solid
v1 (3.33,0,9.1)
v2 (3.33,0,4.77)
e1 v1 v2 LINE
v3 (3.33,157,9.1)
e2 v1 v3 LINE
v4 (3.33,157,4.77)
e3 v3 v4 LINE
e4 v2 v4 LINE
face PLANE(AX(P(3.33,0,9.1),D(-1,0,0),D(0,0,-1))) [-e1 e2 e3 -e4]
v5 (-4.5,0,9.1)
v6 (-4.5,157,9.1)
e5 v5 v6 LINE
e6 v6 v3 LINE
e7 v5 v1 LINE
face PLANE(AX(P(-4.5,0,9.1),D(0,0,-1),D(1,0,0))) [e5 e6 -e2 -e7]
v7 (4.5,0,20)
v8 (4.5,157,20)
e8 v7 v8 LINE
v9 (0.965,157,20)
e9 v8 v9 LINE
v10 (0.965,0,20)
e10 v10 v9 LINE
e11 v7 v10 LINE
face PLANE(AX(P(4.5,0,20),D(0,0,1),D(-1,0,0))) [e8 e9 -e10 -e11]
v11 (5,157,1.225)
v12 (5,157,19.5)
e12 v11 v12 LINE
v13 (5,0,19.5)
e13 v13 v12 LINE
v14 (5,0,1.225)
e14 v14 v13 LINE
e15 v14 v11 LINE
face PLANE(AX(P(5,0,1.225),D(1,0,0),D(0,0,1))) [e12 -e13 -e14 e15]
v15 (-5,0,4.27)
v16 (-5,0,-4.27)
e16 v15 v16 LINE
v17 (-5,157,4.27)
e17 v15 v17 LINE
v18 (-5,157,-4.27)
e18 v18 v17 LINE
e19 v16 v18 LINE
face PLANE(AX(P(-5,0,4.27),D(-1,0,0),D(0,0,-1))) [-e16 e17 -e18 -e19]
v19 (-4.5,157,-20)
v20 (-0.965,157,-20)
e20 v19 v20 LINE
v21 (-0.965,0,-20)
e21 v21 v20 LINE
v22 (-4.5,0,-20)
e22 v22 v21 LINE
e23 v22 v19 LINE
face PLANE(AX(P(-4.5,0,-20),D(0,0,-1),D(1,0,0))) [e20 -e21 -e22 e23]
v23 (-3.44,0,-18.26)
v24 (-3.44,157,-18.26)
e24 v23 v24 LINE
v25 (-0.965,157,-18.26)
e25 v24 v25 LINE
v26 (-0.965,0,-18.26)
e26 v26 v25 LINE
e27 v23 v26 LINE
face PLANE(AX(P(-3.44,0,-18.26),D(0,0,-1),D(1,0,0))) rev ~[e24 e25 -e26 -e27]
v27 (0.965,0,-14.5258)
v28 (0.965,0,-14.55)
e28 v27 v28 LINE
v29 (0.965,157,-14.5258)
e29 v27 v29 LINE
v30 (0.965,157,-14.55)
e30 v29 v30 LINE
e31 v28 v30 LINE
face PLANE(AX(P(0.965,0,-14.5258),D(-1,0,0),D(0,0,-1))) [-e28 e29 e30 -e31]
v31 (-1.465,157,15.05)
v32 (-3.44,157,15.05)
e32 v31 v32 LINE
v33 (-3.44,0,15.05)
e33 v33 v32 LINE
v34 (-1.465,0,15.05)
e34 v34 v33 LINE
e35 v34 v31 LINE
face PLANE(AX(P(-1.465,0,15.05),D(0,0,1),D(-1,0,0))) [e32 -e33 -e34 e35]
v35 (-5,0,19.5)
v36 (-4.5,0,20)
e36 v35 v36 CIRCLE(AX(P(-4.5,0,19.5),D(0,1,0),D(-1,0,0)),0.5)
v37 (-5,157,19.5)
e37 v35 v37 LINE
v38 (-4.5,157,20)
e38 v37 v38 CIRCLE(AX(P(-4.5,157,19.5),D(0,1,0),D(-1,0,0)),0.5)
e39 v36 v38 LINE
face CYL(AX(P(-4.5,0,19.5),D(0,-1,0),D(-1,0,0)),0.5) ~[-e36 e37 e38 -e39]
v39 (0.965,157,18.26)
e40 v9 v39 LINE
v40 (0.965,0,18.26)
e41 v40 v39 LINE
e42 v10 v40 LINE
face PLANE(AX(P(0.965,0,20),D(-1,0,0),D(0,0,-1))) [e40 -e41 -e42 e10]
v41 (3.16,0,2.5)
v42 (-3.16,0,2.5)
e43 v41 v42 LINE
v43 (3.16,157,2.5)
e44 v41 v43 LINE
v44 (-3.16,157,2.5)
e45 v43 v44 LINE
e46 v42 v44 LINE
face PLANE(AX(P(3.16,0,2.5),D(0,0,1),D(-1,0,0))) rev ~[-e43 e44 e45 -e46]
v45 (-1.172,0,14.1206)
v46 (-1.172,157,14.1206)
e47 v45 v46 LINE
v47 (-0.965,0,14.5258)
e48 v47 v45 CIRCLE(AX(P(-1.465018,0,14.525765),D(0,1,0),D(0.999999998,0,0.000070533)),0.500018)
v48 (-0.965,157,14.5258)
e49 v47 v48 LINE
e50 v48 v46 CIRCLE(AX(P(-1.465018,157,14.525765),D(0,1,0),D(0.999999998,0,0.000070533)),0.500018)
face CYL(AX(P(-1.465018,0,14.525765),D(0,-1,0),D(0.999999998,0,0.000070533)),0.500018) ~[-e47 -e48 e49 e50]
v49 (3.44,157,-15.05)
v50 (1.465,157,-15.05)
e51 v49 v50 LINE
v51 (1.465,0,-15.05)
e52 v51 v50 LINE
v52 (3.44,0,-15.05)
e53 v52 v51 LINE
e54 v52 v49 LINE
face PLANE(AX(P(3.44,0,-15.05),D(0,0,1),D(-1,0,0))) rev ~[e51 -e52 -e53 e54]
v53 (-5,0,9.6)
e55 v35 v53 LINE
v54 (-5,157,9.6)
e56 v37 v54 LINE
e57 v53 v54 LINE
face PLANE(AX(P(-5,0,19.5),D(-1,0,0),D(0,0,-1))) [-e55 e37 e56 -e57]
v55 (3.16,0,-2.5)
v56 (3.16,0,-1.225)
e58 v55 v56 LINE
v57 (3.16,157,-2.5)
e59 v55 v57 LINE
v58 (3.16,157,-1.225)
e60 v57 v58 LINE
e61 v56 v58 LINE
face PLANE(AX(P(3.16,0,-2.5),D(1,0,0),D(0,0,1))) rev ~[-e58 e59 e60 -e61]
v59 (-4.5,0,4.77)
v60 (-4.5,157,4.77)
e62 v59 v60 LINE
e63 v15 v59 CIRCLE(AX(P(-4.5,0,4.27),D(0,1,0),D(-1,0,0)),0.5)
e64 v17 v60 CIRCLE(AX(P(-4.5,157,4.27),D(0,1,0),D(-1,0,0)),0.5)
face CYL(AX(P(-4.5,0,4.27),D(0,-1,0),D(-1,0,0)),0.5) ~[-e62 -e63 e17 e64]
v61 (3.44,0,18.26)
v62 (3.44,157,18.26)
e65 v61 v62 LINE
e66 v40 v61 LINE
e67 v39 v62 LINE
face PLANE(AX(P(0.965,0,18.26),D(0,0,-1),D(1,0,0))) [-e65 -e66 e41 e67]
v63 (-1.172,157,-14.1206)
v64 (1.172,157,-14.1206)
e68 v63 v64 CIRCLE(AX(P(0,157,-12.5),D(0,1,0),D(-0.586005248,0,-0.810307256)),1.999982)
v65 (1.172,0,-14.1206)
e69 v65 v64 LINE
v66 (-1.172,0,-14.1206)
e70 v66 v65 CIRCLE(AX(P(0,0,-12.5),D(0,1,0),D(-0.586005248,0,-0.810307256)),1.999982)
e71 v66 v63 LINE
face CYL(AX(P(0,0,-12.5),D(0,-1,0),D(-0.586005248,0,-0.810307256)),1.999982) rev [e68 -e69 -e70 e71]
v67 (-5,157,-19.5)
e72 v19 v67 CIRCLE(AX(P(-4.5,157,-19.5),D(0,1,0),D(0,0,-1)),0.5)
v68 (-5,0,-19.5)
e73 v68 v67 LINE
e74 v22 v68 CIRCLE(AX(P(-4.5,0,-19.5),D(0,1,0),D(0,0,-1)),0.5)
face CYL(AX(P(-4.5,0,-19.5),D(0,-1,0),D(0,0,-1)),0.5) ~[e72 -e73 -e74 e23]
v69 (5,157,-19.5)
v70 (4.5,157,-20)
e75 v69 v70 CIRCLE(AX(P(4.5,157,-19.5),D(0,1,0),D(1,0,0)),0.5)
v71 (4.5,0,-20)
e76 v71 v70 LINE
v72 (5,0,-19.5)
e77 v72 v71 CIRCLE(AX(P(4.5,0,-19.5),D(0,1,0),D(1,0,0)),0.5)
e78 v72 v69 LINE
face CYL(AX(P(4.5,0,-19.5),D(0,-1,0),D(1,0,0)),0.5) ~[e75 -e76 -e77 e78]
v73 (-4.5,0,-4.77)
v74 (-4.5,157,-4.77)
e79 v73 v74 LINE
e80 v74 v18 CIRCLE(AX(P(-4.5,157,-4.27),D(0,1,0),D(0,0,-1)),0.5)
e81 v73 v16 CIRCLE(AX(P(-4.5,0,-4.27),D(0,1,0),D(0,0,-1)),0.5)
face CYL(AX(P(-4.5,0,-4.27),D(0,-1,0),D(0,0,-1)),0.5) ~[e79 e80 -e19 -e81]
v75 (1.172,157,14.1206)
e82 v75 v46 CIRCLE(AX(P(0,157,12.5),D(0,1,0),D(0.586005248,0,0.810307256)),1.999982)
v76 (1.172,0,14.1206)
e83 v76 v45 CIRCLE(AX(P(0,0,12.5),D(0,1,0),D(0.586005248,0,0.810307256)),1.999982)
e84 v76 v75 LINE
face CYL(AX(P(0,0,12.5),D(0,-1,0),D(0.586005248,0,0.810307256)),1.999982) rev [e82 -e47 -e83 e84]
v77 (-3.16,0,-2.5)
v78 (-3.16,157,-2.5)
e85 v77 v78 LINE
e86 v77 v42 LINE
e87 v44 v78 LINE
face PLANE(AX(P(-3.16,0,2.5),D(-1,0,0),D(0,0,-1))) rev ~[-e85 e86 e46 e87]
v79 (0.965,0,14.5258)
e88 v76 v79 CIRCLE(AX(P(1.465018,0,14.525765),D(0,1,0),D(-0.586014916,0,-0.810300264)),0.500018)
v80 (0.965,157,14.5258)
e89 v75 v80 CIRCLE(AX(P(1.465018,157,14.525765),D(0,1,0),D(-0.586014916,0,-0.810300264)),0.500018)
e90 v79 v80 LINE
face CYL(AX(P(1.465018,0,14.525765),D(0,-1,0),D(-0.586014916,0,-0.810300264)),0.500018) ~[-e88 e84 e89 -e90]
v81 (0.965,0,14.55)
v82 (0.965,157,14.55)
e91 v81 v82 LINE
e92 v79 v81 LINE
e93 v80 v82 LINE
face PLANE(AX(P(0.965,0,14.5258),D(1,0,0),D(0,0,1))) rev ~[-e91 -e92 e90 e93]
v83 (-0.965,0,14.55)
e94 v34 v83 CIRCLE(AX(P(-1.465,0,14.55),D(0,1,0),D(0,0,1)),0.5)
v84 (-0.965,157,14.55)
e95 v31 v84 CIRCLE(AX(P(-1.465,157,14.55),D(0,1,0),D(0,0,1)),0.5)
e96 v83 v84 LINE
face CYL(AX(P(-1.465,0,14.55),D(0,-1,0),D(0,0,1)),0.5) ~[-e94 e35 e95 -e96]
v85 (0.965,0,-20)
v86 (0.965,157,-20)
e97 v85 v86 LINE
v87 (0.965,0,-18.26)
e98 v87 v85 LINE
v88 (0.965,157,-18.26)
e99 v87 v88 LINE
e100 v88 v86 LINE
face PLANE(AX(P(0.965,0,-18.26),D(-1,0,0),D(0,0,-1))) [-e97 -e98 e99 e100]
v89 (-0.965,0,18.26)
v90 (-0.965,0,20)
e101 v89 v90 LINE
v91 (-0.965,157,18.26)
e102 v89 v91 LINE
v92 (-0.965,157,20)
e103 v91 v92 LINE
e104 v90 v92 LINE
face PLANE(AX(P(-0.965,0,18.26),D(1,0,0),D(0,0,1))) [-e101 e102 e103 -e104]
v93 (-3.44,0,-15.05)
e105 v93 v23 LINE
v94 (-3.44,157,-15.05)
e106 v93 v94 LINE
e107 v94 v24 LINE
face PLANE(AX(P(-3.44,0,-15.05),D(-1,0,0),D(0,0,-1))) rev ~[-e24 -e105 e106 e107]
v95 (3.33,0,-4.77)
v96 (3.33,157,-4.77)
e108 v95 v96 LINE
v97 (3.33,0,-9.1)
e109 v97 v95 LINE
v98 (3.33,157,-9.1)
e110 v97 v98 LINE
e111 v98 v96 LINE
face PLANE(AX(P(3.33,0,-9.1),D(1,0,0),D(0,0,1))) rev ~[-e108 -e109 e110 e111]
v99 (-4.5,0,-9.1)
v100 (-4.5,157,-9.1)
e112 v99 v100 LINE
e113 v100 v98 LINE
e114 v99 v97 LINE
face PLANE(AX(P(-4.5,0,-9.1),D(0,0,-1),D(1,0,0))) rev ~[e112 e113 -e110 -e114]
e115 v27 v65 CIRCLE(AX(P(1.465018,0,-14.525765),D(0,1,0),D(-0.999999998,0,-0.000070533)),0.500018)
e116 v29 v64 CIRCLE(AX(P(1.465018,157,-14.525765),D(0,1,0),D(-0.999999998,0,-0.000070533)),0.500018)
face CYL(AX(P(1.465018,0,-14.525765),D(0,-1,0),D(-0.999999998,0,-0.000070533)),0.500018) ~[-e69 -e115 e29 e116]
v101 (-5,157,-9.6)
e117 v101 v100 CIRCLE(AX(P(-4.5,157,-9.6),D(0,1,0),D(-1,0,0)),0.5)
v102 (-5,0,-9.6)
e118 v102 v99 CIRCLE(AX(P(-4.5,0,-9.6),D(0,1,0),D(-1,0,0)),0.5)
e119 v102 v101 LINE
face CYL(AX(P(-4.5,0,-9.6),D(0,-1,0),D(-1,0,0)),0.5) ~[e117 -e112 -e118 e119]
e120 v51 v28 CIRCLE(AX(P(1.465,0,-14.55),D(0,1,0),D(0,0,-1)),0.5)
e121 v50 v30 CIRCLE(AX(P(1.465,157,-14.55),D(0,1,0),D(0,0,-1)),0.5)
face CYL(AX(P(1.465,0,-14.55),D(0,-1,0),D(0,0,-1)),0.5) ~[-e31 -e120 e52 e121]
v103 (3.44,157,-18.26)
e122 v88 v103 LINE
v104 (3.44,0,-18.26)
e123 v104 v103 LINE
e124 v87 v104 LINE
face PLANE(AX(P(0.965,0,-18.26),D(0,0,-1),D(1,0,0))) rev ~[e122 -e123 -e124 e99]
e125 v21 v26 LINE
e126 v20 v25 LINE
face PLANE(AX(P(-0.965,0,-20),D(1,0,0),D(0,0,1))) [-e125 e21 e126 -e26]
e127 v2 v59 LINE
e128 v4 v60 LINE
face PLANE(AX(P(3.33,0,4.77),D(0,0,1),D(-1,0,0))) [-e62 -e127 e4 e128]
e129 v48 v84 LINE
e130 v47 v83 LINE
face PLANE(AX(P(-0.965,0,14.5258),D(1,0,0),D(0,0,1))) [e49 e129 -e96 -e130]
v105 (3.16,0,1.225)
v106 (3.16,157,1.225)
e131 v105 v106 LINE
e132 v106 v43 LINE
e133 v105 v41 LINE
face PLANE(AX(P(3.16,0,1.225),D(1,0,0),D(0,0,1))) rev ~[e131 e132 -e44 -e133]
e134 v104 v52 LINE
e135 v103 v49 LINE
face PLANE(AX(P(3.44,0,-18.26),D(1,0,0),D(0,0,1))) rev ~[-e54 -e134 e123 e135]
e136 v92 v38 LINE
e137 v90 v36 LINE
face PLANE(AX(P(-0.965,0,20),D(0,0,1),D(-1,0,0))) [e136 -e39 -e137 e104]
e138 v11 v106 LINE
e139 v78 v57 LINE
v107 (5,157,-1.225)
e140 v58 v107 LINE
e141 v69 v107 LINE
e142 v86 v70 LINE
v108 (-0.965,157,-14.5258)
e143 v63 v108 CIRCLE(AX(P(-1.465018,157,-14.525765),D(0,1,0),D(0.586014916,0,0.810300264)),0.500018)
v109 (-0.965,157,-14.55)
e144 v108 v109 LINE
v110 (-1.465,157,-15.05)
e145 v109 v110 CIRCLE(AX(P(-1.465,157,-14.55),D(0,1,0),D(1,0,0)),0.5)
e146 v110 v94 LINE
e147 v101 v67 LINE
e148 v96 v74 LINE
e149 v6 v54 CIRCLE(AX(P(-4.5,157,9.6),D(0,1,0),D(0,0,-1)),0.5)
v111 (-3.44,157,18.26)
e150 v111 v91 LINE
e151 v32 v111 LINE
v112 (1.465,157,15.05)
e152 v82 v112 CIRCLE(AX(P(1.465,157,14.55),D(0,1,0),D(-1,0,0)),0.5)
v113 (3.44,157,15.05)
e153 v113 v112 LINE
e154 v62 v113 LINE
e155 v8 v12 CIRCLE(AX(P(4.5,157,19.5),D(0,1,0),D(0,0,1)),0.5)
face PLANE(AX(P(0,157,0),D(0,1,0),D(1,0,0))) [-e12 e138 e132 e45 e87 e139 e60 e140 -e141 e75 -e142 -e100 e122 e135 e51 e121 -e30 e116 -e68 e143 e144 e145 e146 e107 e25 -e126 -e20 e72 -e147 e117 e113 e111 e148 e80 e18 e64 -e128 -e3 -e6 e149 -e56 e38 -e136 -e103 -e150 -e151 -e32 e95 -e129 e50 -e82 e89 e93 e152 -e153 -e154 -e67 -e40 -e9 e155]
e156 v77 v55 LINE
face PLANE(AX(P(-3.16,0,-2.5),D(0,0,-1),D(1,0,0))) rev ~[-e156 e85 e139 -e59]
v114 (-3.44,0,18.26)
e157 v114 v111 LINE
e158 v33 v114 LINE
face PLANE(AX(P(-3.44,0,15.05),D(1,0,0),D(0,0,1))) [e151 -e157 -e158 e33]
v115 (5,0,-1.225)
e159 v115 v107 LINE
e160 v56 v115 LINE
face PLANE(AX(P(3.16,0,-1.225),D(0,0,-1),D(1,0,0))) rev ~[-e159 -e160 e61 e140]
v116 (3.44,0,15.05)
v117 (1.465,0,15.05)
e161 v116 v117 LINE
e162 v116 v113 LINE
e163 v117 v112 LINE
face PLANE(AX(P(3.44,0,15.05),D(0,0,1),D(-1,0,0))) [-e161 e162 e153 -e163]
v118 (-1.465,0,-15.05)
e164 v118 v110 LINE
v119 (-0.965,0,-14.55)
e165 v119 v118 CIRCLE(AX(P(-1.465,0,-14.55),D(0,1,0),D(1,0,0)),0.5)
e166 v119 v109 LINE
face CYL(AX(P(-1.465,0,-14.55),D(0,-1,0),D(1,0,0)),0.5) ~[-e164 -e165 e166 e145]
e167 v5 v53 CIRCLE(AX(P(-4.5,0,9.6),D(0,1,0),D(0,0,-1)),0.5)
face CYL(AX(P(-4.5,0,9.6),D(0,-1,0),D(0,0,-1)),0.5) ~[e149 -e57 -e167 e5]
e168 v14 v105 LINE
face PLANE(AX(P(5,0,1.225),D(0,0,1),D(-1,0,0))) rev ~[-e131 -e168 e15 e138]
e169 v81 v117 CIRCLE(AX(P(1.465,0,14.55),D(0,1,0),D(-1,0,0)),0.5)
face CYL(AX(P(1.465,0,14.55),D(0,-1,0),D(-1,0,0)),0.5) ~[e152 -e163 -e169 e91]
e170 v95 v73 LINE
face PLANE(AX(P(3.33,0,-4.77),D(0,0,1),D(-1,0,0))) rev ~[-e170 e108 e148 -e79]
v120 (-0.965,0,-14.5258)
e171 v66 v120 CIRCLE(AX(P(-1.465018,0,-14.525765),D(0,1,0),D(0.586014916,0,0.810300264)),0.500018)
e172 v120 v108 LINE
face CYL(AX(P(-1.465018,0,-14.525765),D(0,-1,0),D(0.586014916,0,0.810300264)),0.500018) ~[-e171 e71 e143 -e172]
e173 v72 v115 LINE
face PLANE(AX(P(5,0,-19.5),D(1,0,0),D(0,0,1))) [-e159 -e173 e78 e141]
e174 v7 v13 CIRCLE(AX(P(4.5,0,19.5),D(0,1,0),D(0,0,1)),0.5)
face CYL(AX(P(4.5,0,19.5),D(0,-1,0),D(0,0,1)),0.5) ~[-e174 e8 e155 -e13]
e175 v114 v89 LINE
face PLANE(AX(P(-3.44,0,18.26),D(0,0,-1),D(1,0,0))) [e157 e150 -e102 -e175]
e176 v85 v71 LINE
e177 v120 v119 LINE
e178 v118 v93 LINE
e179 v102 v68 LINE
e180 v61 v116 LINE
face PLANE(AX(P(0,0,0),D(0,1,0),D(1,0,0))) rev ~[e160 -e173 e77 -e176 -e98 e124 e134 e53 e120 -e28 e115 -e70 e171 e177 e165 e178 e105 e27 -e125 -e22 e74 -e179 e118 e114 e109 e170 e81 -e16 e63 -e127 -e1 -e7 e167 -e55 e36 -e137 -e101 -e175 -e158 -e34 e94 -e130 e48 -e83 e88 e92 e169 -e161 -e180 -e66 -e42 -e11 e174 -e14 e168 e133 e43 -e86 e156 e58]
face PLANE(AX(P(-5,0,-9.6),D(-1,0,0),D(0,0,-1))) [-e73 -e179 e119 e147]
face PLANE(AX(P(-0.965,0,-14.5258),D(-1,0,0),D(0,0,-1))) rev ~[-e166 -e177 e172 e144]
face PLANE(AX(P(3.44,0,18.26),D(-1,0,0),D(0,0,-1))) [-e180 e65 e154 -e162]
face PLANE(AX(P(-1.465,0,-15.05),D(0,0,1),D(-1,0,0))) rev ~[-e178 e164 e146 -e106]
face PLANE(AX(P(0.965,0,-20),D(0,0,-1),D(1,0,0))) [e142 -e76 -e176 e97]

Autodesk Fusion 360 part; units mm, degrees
sketch "Sketch1" plane through (0, 0, 0) normal (0, 1, 0) x (1, 0, 0)
  line L0 (5, -20) -> (-5, 20) construction
  line L1 (-5, -20) -> (5, 20) construction
  line L2 (-0.965, -18.26) -> (-0.965, -20)
  line L3 (0.965, -20) -> (0.965, -18.26)
  line L4 (0.965, -18.26) -> (0, -20) construction
  line L5 (-0.965, -18.26) -> (0, -20) construction
  line L6 (-5, -18.26) -> (-3.44, -18.26) construction
  line L7 (-0.965, -20) -> (-0.965, -18.26)
  line L8 (0.965, -18.26) -> (0.965, -20)
  line L9 (4.5, -20) -> (0.965, -20)
  line L10 (-0.965, -20) -> (-4.5, -20)
  line L11 (-7.5, 0) -> (8.5, 0)
  line L12 (0, -25) -> (0, 24) construction
  line L13 (5, -18.26) -> (3.44, -18.26) construction
  line L14 (3.44, -18.26) -> (3.44, -15.05)
  line L15 (-3.44, -15.05) -> (-3.44, -18.26)
  line L16 (-3.44, -18.26) -> (-0.965, -18.26)
  line L17 (0.965, -18.26) -> (3.44, -18.26)
  line L18 (-0.965, -18.26) -> (-0.965, -14.5258) construction
  line L19 (0.965, -18.26) -> (0.965, -14.2518) construction
  arc A0 (1.172, -14.1206) -> (-1.172, -14.1206) centre (0, -12.5) ccw
  line L20 (3.44, -15.05) -> (1.465, -15.05)
  line L21 (-1.465, -15.05) -> (-3.44, -15.05)
  line L22 (-0.965, -14.2518) -> (-0.965, -14.55)
  line L23 (0.965, -14.5258) -> (0.965, -14.55)
  arc A1 (-1.465, -15.05) -> (-0.965, -14.55) centre (-1.465, -14.55) ccw
  arc A2 (-0.965, -14.5258) -> (-1.172, -14.1206) centre (-1.465, -14.5258) ccw
  arc A3 (0.965, -14.55) -> (1.465, -15.05) centre (1.465, -14.55) ccw
  arc A4 (1.172, -14.1206) -> (0.965, -14.5258) centre (1.465, -14.5258) ccw
  line L24 (-0.965, 18.26) -> (-0.965, 14.5258) construction
  line L25 (-1.465, 15.05) -> (-3.44, 15.05)
  line L26 (3.44, 18.26) -> (3.44, 15.05)
  arc A5 (1.465, 15.05) -> (0.965, 14.55) centre (1.465, 14.55) ccw
  line L27 (0.965, 18.26) -> (0, 20) construction
  arc A6 (-1.172, 14.1206) -> (1.172, 14.1206) centre (0, 12.5) ccw
  line L28 (-5, 18.26) -> (-3.44, 18.26) construction
  line L29 (3.44, 15.05) -> (1.465, 15.05)
  line L30 (-0.965, 20) -> (-0.965, 18.26)
  arc A7 (0.965, 14.5258) -> (1.172, 14.1206) centre (1.465, 14.5258) ccw
  line L31 (0.965, 14.5258) -> (0.965, 14.55)
  line L32 (-5, 20) -> (5, -20) construction
  line L33 (0.965, 18.26) -> (3.44, 18.26)
  arc A8 (-0.965, 14.55) -> (-1.465, 15.05) centre (-1.465, 14.55) ccw
  line L34 (-0.965, 14.2518) -> (-0.965, 14.55)
  line L35 (5, 18.26) -> (3.44, 18.26) construction
  line L36 (5, 20) -> (-5, -20) construction
  line L37 (0.965, 18.26) -> (0.965, 20)
  line L38 (-3.44, 15.05) -> (-3.44, 18.26)
  line L39 (0.965, 20) -> (0.965, 18.26)
  line L40 (-3.44, 18.26) -> (-0.965, 18.26)
  line L41 (-0.965, 18.26) -> (-0.965, 20)
  line L42 (0.965, 18.26) -> (0.965, 14.2518) construction
  arc A9 (-1.172, 14.1206) -> (-0.965, 14.5258) centre (-1.465, 14.5258) ccw
  line L43 (-0.965, 18.26) -> (0, 20) construction
  line L44 (0, 25) -> (0, -24) construction
  line L45 (-4.5, 20) -> (-0.965, 20)
  line L46 (0.965, 20) -> (4.5, 20)
  line L47 (-5, -20) -> (-5, -9.6) construction
  line L48 (-4.5, -9.1) -> (3.33, -9.1)
  line L49 (3.33, -9.1) -> (3.33, -4.77)
  line L50 (3.33, -4.77) -> (-4.5, -4.77)
  line L51 (-4.5, 9.1) -> (3.33, 9.1)
  line L52 (3.33, 9.1) -> (3.33, 4.77)
  line L53 (3.33, 4.77) -> (-4.5, 4.77)
  line L54 (-5, 9.6) -> (-5, 19.5)
  line L55 (-5, -19.5) -> (-5, -9.1)
  line L56 (-5, -4.27) -> (-5, 4.27)
  line L57 (3.16, -2.5) -> (-3.16, -2.5)
  line L58 (-3.16, -2.5) -> (-3.16, 2.5)
  line L59 (-3.16, 2.5) -> (3.16, 2.5)
  line L60 (3.16, -2.5) -> (-3.16, 2.5) construction
  line L61 (-3.16, -2.5) -> (3.16, 2.5) construction
  line L62 (3.16, 1.225) -> (5, 1.225)
  line L63 (5.66, -1.225) -> (0.66, 1.225) construction
  line L64 (0.66, -1.225) -> (5.66, 1.225) construction
  line L65 (5, 19.5) -> (5, 1.225)
  line L66 (5, -1.225) -> (5, -19.5)
  line L67 (3.16, 2.5) -> (3.16, 1.225)
  line L68 (3.16, -1.225) -> (3.16, -2.5)
  line L69 (5, -1.225) -> (3.16, -1.225)
  arc A10 (4.5, -20) -> (5, -19.5) centre (4.5, -19.5) ccw
  arc A11 (-5, -19.5) -> (-4.5, -20) centre (-4.5, -19.5) ccw
  arc A12 (-4.5, -9.1) -> (-5, -9.6) centre (-4.5, -9.6) ccw
  arc A13 (-5, -4.27) -> (-4.5, -4.77) centre (-4.5, -4.27) ccw
  arc A14 (-4.5, 4.77) -> (-5, 4.27) centre (-4.5, 4.27) ccw
  arc A15 (-5, 9.6) -> (-4.5, 9.1) centre (-4.5, 9.6) ccw
  arc A16 (-4.5, 20) -> (-5, 19.5) centre (-4.5, 19.5) ccw
  arc A17 (5, 19.5) -> (4.5, 20) centre (4.5, 19.5) ccw
  point P0 (-5, -4.77)
  dimension "d1" = 10
  dimension "d2" = 40
  dimension "d5" = 1.56
  dimension "d6" = 1.56
  dimension "d7" = 3.21
  dimension "d9" = 4
  dimension "d10" = 0.5
  dimension "d11" = 0.5
  dimension "d12" = 10.9
  dimension "d13" = 8.33
  dimension "d14" = 4.33
  dimension "d15" = 6.32
  dimension "d16" = 5
  dimension "d17" = 2.45
  dimension "d18" = 0.5
extrude "Extrude1" add sketch "Sketch1" along normal blind 157
